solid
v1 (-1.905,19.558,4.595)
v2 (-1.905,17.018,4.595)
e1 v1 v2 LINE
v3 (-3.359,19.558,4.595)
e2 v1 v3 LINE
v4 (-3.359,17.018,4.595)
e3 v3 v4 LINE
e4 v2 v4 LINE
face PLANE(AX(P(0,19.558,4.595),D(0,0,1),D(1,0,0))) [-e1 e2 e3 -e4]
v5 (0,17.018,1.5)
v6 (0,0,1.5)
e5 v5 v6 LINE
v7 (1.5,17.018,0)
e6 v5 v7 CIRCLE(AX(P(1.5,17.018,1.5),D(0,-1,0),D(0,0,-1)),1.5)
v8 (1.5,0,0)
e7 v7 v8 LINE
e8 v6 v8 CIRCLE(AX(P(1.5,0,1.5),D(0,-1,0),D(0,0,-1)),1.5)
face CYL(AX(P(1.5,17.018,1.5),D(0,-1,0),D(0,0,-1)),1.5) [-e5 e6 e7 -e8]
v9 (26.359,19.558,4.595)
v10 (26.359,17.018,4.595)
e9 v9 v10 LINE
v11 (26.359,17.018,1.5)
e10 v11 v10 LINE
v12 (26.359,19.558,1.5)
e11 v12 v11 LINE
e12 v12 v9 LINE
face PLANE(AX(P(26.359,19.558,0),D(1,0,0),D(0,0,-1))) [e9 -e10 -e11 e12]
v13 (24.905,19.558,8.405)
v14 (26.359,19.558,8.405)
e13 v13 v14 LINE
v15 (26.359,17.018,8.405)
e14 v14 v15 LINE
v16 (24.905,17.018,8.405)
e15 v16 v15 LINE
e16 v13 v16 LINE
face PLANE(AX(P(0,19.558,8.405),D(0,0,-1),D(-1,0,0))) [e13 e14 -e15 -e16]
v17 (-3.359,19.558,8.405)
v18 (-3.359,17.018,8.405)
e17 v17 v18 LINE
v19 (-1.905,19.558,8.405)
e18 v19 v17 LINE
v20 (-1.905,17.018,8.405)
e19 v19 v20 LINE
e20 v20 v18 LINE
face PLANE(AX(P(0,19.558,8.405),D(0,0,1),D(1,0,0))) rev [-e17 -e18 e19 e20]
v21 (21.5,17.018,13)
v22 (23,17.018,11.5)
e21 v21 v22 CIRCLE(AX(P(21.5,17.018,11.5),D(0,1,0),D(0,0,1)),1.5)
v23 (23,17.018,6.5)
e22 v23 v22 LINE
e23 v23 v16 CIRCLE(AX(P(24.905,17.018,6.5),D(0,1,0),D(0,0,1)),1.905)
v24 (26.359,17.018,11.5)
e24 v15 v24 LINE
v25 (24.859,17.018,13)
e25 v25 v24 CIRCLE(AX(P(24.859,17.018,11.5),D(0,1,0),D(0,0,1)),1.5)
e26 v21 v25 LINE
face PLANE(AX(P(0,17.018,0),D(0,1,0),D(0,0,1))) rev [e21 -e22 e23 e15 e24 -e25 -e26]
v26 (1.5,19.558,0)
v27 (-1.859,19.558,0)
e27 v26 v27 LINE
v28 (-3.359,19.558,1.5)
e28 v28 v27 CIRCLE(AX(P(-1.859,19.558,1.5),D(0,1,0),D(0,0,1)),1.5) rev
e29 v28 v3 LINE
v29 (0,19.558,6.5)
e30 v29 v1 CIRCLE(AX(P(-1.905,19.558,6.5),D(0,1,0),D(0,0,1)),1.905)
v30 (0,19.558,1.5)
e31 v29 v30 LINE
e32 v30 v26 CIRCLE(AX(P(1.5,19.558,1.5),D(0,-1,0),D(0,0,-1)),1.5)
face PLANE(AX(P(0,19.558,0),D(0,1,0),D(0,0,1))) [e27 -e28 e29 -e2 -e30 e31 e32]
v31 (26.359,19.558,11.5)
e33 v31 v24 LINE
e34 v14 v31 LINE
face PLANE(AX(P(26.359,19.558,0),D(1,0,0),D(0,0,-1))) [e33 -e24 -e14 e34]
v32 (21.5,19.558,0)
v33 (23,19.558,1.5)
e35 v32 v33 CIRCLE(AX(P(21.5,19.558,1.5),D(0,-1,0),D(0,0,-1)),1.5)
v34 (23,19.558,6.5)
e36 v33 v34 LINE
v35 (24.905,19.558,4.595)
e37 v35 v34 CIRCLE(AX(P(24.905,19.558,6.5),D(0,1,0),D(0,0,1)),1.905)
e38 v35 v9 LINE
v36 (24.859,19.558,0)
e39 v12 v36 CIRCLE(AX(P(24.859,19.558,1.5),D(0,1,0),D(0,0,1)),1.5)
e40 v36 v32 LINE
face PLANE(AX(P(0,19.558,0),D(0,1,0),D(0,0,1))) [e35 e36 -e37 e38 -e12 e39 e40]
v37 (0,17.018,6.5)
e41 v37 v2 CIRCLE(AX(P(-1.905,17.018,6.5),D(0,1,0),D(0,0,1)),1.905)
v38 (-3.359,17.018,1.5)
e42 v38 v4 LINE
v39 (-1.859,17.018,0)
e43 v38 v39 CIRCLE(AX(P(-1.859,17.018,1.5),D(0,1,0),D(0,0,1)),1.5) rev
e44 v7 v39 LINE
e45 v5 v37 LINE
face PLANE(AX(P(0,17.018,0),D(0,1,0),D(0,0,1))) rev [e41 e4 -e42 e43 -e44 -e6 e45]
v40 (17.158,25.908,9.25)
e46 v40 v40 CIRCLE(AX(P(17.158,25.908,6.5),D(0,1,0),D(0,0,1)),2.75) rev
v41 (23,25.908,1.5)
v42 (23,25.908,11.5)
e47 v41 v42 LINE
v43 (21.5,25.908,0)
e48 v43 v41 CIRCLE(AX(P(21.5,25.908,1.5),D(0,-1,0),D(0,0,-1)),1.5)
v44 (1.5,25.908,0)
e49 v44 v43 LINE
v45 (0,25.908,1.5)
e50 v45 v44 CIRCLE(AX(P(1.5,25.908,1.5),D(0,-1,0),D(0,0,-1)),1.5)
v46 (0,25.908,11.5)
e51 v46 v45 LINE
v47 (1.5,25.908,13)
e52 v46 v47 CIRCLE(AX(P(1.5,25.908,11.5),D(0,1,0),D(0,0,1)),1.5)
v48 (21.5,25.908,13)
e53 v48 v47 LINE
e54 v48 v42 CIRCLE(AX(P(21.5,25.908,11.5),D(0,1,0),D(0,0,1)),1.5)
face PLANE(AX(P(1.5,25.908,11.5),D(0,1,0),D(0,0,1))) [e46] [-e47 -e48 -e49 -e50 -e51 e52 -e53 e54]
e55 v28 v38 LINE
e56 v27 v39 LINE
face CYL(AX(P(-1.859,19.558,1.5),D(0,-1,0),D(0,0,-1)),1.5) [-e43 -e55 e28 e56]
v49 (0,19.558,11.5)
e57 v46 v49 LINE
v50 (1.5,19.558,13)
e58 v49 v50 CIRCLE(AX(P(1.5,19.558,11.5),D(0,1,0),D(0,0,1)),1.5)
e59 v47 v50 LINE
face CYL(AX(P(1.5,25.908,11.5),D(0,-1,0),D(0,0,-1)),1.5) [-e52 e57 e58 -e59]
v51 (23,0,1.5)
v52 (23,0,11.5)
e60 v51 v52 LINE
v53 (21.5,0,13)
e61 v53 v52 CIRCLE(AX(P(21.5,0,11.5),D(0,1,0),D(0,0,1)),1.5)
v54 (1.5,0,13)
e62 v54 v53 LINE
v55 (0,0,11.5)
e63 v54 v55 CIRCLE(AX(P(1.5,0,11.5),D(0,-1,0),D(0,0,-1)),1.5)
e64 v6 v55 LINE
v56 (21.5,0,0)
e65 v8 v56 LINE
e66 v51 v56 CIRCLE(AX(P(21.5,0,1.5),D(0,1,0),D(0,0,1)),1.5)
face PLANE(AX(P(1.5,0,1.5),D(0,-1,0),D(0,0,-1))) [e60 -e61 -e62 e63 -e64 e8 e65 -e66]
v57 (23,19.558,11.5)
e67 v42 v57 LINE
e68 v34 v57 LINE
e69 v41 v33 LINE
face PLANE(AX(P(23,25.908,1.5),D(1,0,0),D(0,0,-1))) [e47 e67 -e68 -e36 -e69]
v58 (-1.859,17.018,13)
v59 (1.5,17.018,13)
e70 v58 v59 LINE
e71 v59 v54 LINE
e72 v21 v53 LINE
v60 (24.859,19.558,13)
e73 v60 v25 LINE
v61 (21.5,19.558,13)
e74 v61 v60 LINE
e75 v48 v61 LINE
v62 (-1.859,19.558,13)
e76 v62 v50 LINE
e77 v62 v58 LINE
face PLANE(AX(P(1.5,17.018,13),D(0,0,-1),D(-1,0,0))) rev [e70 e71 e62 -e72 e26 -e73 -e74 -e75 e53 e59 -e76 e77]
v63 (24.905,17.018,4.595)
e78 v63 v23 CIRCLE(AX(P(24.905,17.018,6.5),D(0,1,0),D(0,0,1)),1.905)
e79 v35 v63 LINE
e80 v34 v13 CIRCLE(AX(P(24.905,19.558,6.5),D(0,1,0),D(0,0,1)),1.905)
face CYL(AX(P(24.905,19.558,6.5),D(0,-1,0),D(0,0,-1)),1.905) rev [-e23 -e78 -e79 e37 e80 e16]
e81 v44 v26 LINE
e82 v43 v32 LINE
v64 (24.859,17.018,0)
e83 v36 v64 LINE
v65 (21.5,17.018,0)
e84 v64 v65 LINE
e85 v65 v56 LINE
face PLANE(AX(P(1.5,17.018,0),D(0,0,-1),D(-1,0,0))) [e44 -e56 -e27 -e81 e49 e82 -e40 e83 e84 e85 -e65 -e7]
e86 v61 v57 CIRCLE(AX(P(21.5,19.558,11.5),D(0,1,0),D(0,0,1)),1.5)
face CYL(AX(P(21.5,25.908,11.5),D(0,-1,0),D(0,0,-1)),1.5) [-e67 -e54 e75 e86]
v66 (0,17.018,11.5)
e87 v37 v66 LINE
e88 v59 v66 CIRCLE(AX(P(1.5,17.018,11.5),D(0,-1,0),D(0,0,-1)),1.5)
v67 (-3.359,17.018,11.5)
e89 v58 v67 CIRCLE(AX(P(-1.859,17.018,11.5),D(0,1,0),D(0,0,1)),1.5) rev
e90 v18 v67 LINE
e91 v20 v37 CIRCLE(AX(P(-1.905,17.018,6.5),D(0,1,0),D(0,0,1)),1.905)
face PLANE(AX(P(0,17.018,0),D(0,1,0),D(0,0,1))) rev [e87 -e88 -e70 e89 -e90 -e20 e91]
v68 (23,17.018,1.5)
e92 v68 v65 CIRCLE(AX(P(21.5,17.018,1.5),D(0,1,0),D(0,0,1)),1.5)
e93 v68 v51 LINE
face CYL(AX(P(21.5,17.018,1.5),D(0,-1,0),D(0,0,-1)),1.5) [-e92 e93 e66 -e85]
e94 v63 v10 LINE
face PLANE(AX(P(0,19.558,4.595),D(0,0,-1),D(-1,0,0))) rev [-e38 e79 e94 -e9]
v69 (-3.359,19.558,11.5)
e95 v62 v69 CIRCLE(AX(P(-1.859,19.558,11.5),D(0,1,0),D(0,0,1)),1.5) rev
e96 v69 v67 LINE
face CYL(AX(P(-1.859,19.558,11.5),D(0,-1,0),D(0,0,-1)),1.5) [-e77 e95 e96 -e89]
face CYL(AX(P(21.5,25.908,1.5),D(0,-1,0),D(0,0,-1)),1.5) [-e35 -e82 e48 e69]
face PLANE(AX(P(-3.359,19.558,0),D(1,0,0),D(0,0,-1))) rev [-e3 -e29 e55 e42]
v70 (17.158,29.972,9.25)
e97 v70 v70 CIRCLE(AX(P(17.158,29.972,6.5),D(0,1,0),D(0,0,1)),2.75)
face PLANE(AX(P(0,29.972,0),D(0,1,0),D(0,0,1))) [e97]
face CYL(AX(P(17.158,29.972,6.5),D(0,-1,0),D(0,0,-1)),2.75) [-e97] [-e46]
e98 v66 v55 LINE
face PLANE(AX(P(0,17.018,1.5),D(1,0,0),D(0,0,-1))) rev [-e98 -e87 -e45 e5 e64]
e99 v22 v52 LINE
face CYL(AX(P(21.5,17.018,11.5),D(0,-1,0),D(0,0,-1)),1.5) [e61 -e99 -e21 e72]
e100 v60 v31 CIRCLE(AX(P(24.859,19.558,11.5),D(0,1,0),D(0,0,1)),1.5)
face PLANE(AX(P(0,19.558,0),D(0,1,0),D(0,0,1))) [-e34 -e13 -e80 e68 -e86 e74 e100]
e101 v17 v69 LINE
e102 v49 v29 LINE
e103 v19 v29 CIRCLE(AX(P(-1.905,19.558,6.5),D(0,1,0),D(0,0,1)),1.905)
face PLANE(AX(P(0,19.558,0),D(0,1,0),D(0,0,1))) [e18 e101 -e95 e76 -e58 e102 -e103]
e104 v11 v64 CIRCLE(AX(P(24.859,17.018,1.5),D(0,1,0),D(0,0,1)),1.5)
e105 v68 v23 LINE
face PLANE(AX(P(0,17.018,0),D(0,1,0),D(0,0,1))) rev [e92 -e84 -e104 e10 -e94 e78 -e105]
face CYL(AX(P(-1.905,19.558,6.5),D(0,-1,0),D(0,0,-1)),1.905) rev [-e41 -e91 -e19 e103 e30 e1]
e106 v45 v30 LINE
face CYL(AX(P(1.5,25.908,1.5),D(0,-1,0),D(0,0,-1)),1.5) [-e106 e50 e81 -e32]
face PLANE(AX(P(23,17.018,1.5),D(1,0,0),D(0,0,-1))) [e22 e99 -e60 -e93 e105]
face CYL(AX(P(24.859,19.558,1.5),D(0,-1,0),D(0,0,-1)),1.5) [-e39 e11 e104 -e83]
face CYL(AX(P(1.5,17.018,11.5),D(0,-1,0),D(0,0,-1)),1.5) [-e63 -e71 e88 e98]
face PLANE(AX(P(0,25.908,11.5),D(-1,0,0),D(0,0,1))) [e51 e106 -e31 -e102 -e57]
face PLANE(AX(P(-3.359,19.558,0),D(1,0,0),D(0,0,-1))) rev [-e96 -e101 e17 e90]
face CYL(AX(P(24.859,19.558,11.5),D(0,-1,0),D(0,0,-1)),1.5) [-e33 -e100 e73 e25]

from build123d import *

# Parameters (mm, degrees)
BOSS_EXTRUDE1_DEPTH = 17.018
BOSS_EXTRUDE2_DEPTH = 2.54
BOSS_EXTRUDE3_DEPTH = 6.35
SKETCH4_4_R         = 2.75
BOSS_EXTRUDE4_DEPTH = 10.414


with BuildPart() as part:
    # Sketch2 → Boss-Extrude1 (new body)
    with BuildSketch(Plane(origin=(0, 0, 0), x_dir=(1, 0, 0), z_dir=(0, 1, 0))):
        with BuildLine():
            Line((1.5, 0), (21.5, 0))
            ThreePointArc((21.5, 0), (22.560660172, -0.439339828), (23, -1.5))
            Line((23, -1.5), (23, -11.5))
            ThreePointArc((23, -11.5), (22.560660172, -12.560660172), (21.5, -13))
            Line((21.5, -13), (1.5, -13))
            ThreePointArc((1.5, -13), (0.439339828, -12.560660172), (0, -11.5))
            Line((0, -11.5), (0, -1.5))
            ThreePointArc((0, -1.5), (0.439339828, -0.439339828), (1.5, 0))
        make_face()
    extrude(amount=BOSS_EXTRUDE1_DEPTH)

    # Sketch3 → Boss-Extrude2 (add)
    with BuildSketch(Plane(origin=(0, 17.018, 0), x_dir=(1, 0, 0), z_dir=(0, 1, 0))):
        with BuildLine():
            ThreePointArc((-1.859, 0), (-2.919660172, -0.439339828), (-3.359, -1.5))
            Line((-3.359, -1.5), (-3.359, -4.595))
            Line((-3.359, -4.595), (-1.905, -4.595))
            ThreePointArc((-1.905, -4.595), (0, -6.5), (-1.905, -8.405))
            Line((-1.905, -8.405), (-3.359, -8.405))
            Line((-3.359, -8.405), (-3.359, -11.5))
            ThreePointArc((-3.359, -11.5), (-2.919660172, -12.560660172), (-1.859, -13))
            Line((-1.859, -13), (24.859, -13))
            ThreePointArc((24.859, -13), (25.919660172, -12.560660172), (26.359, -11.5))
            Line((26.359, -11.5), (26.359, -8.405))
            Line((26.359, -8.405), (24.905, -8.405))
            ThreePointArc((24.905, -8.405), (23, -6.5), (24.905, -4.595))
            Line((24.905, -4.595), (26.359, -4.595))
            Line((26.359, -4.595), (26.359, -1.5))
            ThreePointArc((26.359, -1.5), (25.919660172, -0.439339828), (24.859, 0))
            Line((24.859, 0), (-1.859, 0))
        make_face()
    extrude(amount=BOSS_EXTRUDE2_DEPTH)

    # Sketch4 → Boss-Extrude3 (add)
    with BuildSketch(Plane(origin=(0, 19.558, 0), x_dir=(1, 0, 0), z_dir=(0, 1, 0))):
        with BuildLine():
            Line((1.5, 0), (21.5, 0))
            ThreePointArc((21.5, 0), (22.560660172, -0.439339828), (23, -1.5))
            Line((23, -1.5), (23, -11.5))
            ThreePointArc((23, -11.5), (22.560660172, -12.560660172), (21.5, -13))
            Line((21.5, -13), (1.5, -13))
            ThreePointArc((1.5, -13), (0.439339828, -12.560660172), (0, -11.5))
            Line((0, -11.5), (0, -1.5))
            ThreePointArc((0, -1.5), (0.439339828, -0.439339828), (1.5, 0))
        make_face()
    extrude(amount=BOSS_EXTRUDE3_DEPTH)

    # Sketch4<4> → Boss-Extrude4 (add)
    with BuildSketch(Plane(origin=(0, 19.558, 0), x_dir=(1, 0, 0), z_dir=(0, 1, 0))):
        with Locations((17.158, -6.5)):
            Circle(SKETCH4_4_R)
    extrude(amount=BOSS_EXTRUDE4_DEPTH)


solid = part.part
